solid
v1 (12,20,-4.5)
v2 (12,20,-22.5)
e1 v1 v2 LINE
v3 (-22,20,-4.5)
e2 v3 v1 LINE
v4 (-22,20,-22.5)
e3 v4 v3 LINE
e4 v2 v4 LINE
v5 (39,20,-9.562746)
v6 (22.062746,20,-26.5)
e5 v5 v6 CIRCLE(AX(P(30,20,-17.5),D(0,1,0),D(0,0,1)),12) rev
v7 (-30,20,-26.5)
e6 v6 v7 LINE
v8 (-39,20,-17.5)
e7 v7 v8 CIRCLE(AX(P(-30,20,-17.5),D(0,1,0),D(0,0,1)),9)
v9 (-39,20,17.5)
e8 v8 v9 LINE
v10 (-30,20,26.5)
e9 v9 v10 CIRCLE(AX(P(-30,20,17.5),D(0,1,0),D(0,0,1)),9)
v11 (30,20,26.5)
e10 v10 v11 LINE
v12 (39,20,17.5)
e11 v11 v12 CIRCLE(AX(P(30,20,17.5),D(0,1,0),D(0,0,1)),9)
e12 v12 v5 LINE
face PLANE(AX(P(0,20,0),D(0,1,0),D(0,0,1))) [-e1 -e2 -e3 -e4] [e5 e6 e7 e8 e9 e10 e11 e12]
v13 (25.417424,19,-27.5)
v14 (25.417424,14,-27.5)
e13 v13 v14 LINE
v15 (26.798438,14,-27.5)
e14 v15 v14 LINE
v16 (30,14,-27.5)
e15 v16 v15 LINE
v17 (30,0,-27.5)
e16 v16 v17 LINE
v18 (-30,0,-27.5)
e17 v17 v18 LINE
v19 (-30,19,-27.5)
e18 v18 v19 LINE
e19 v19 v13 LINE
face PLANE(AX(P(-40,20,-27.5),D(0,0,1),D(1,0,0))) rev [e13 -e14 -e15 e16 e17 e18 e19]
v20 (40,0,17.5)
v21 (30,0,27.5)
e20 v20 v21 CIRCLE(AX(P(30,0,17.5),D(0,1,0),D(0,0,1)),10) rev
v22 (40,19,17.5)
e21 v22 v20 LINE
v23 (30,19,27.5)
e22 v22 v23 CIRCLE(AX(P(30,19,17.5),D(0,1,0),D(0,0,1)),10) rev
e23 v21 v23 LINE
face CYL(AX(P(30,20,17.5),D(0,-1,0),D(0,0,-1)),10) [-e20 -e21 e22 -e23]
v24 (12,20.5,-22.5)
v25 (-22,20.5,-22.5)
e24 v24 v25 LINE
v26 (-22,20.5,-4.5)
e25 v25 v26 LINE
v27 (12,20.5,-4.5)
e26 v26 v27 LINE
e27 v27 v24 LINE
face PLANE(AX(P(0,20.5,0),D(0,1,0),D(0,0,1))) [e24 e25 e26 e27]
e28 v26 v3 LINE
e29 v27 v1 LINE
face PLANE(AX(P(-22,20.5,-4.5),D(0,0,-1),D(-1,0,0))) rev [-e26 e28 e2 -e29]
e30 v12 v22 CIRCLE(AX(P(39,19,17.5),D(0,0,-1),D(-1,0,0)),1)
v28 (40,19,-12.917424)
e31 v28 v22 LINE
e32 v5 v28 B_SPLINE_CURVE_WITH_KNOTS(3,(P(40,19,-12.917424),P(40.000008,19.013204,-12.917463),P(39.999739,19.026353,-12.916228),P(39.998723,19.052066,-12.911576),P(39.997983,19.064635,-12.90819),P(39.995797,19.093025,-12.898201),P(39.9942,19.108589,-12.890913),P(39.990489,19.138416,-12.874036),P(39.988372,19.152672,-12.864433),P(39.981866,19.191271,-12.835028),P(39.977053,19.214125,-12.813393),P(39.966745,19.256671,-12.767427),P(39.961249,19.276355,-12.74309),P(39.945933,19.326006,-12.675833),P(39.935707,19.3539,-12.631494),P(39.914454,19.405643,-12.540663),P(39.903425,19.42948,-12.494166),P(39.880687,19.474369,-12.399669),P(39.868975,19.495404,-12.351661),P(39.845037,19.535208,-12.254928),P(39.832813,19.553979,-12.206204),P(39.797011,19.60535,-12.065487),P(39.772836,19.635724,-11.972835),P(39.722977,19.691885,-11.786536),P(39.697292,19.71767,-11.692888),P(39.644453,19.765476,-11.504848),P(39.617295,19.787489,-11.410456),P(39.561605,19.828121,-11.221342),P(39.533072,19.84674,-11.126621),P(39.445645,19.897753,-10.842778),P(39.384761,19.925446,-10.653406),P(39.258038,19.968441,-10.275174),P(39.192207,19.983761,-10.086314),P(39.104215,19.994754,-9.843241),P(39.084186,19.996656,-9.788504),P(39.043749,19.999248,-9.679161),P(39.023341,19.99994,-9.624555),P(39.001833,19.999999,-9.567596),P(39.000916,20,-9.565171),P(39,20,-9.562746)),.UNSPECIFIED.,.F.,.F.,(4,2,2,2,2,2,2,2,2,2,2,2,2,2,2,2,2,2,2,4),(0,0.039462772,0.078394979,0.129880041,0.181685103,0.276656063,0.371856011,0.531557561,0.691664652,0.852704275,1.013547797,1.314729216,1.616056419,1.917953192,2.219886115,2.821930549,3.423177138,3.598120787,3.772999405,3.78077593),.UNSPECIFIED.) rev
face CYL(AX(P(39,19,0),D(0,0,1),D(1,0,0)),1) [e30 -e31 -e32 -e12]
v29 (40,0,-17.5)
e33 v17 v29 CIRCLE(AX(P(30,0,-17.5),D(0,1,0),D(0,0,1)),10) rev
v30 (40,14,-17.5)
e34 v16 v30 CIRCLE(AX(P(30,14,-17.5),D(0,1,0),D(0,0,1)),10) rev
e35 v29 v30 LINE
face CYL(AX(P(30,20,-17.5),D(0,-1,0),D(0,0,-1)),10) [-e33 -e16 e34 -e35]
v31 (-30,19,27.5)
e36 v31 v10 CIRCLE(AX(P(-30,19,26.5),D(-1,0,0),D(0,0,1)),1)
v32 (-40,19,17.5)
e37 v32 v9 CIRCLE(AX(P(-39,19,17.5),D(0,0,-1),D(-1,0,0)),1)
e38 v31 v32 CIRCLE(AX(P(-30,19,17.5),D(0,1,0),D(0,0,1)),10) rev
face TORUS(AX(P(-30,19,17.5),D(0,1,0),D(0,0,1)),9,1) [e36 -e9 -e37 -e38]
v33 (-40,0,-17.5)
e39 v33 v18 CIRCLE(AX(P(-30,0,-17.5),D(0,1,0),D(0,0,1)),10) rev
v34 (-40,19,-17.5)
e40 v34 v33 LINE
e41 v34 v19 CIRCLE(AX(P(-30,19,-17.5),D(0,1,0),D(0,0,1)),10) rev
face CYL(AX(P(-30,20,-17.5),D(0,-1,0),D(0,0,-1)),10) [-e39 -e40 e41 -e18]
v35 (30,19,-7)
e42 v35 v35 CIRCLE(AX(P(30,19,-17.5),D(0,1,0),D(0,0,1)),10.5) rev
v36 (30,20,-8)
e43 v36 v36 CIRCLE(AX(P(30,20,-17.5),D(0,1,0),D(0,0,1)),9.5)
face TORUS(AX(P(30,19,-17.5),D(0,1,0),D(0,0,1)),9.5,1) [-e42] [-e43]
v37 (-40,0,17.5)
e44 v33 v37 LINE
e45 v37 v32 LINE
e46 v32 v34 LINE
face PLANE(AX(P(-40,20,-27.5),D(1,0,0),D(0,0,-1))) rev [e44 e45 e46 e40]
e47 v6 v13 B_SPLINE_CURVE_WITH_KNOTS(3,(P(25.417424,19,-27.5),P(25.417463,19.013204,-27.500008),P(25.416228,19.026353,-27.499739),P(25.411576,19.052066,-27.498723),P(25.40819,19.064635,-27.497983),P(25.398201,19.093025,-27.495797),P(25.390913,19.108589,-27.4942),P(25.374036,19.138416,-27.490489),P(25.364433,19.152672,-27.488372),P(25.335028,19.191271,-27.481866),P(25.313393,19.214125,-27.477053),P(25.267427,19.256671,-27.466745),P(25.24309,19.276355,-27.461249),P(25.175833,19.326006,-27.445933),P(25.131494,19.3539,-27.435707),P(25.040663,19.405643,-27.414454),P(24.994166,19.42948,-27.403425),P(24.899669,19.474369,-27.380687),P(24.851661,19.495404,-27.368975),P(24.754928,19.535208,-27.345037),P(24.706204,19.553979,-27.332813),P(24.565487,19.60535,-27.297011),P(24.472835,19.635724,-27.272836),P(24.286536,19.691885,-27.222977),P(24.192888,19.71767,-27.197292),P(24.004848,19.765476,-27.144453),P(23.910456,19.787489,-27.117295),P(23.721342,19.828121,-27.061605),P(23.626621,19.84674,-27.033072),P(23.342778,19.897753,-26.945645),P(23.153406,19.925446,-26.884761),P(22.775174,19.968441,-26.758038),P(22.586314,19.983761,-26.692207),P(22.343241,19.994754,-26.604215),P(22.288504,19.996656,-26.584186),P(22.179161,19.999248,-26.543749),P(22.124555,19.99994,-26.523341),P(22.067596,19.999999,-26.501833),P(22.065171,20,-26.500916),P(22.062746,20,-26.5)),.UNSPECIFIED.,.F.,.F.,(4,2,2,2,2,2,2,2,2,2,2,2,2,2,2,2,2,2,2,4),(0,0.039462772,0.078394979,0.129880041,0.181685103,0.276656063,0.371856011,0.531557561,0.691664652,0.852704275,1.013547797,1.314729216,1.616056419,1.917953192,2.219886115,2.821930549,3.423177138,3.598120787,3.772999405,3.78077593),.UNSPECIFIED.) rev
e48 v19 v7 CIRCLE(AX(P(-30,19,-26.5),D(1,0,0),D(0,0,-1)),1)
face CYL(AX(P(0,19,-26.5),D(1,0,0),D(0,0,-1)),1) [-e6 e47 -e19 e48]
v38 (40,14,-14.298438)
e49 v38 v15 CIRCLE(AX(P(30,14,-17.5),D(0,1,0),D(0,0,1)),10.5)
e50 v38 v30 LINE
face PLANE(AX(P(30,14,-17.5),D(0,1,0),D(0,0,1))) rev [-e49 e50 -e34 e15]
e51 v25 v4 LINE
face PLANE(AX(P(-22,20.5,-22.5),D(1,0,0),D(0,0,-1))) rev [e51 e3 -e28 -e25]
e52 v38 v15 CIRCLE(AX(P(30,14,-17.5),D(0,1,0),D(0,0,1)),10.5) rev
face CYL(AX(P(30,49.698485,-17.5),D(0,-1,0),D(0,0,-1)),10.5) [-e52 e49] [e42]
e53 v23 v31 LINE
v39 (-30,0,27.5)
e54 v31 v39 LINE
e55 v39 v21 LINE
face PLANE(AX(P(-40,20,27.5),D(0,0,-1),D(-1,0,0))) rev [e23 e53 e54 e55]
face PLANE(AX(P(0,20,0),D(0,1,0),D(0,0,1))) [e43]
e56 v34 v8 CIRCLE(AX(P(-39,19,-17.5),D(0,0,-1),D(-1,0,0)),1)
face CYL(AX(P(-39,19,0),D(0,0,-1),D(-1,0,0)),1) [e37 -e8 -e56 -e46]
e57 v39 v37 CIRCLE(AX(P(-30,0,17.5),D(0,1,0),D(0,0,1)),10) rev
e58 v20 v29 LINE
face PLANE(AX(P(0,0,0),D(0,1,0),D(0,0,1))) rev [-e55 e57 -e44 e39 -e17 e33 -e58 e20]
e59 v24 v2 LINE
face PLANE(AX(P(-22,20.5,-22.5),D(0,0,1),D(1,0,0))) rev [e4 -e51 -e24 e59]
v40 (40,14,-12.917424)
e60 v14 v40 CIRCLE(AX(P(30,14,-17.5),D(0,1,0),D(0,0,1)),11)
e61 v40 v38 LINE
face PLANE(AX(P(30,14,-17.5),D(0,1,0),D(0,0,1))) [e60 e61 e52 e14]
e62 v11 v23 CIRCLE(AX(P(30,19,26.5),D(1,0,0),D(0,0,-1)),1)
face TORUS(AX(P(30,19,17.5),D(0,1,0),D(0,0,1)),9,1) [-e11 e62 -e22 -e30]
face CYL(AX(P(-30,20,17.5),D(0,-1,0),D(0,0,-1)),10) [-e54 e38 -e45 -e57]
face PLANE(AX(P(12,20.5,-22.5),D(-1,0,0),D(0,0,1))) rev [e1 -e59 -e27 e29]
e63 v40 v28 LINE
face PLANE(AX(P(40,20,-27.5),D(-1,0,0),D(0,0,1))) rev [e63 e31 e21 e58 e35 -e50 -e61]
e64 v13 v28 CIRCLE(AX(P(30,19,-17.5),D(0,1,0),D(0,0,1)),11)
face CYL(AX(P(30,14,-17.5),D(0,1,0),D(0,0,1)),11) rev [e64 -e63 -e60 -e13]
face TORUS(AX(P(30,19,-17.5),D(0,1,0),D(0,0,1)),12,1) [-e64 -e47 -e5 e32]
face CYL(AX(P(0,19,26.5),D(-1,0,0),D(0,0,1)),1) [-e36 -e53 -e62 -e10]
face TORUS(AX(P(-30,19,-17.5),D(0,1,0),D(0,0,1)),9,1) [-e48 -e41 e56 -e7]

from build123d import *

# Parameters (mm, degrees)
SKETCH1_W           = 80
SKETCH1_H           = 55
BOSS_EXTRUDE2_DEPTH = 20
FILLET1_R           = 10
SKETCH3_R           = 11
CUT_EXTRUDE2_DEPTH  = 6
SKETCH5_W           = 34
SKETCH5_H           = 18
CUT_EXTRUDE3_DEPTH  = 2
SKETCH6_R           = 10.5
BOSS_EXTRUDE3_DEPTH = 6
FILLET2_R           = 1
FILLET3_R           = 1
SKETCH7_W           = 34
SKETCH7_H           = 18
BOSS_EXTRUDE4_DEPTH = 2.5


with BuildPart() as part:
    # Sketch1 → Boss-Extrude2 (new body)
    with BuildSketch(Plane(origin=(0, 0, 0), x_dir=(1, 0, 0), z_dir=(0, 1, 0))):
        Rectangle(SKETCH1_W, SKETCH1_H)
    extrude(amount=BOSS_EXTRUDE2_DEPTH)

    # Fillet1
    fillet1_edges = [part.edges().sort_by_distance(p)[0] for p in [
        (40, 10, 27.5),
        (-40, 10, 27.5),
        (-40, 10, -27.5),
        (40, 10, -27.5),
    ]]
    fillet(fillet1_edges, radius=FILLET1_R)

    # Sketch3 → Cut-Extrude2 (cut)
    with BuildSketch(Plane(origin=(0, 20, 0), x_dir=(1, 0, 0), z_dir=(0, 1, 0))):
        with Locations((30, 17.5)):
            Circle(SKETCH3_R)
    extrude(amount=-CUT_EXTRUDE2_DEPTH, mode=Mode.SUBTRACT)

    # Sketch5 → Cut-Extrude3 (cut)
    with BuildSketch(Plane(origin=(0, 20, 0), x_dir=(1, 0, 0), z_dir=(0, 1, 0))):
        with Locations((-5, 13.5)):
            Rectangle(SKETCH5_W, SKETCH5_H)
    extrude(amount=-CUT_EXTRUDE3_DEPTH, mode=Mode.SUBTRACT)

    # Sketch6 → Boss-Extrude3 (add)
    with BuildSketch(Plane(origin=(0, 14, 0), x_dir=(1, 0, 0), z_dir=(0, 1, 0))):
        with Locations((30, 17.5)):
            Circle(SKETCH6_R)
    extrude(amount=BOSS_EXTRUDE3_DEPTH)

    # Fillet2
    fillet2_edges = [part.edges().sort_by_distance(p)[0] for p in [
        (-40, 20, 0),
        (40, 20, 2.291287847),
        (0, 20, 27.5),
        (-37.071067812, 20, 24.571067812),
        (37.071067812, 20, 24.571067812),
        (-37.071067812, 20, -24.571067812),
        (-2.291287847, 20, -27.5),
        (22.221825407, 20, -9.721825407),
    ]]
    fillet(fillet2_edges, radius=FILLET2_R)

    # Fillet3
    fillet3_edges = [part.edges().sort_by_distance(p)[0] for p in [
        (19.5, 20, -17.5),
    ]]
    fillet(fillet3_edges, radius=FILLET3_R)

    # Sketch7 → Boss-Extrude4 (add)
    with BuildSketch(Plane(origin=(0, 18, 0), x_dir=(1, 0, 0), z_dir=(0, 1, 0))):
        with Locations((-5, 13.5)):
            Rectangle(SKETCH7_W, SKETCH7_H)
    extrude(amount=BOSS_EXTRUDE4_DEPTH)


solid = part.part
